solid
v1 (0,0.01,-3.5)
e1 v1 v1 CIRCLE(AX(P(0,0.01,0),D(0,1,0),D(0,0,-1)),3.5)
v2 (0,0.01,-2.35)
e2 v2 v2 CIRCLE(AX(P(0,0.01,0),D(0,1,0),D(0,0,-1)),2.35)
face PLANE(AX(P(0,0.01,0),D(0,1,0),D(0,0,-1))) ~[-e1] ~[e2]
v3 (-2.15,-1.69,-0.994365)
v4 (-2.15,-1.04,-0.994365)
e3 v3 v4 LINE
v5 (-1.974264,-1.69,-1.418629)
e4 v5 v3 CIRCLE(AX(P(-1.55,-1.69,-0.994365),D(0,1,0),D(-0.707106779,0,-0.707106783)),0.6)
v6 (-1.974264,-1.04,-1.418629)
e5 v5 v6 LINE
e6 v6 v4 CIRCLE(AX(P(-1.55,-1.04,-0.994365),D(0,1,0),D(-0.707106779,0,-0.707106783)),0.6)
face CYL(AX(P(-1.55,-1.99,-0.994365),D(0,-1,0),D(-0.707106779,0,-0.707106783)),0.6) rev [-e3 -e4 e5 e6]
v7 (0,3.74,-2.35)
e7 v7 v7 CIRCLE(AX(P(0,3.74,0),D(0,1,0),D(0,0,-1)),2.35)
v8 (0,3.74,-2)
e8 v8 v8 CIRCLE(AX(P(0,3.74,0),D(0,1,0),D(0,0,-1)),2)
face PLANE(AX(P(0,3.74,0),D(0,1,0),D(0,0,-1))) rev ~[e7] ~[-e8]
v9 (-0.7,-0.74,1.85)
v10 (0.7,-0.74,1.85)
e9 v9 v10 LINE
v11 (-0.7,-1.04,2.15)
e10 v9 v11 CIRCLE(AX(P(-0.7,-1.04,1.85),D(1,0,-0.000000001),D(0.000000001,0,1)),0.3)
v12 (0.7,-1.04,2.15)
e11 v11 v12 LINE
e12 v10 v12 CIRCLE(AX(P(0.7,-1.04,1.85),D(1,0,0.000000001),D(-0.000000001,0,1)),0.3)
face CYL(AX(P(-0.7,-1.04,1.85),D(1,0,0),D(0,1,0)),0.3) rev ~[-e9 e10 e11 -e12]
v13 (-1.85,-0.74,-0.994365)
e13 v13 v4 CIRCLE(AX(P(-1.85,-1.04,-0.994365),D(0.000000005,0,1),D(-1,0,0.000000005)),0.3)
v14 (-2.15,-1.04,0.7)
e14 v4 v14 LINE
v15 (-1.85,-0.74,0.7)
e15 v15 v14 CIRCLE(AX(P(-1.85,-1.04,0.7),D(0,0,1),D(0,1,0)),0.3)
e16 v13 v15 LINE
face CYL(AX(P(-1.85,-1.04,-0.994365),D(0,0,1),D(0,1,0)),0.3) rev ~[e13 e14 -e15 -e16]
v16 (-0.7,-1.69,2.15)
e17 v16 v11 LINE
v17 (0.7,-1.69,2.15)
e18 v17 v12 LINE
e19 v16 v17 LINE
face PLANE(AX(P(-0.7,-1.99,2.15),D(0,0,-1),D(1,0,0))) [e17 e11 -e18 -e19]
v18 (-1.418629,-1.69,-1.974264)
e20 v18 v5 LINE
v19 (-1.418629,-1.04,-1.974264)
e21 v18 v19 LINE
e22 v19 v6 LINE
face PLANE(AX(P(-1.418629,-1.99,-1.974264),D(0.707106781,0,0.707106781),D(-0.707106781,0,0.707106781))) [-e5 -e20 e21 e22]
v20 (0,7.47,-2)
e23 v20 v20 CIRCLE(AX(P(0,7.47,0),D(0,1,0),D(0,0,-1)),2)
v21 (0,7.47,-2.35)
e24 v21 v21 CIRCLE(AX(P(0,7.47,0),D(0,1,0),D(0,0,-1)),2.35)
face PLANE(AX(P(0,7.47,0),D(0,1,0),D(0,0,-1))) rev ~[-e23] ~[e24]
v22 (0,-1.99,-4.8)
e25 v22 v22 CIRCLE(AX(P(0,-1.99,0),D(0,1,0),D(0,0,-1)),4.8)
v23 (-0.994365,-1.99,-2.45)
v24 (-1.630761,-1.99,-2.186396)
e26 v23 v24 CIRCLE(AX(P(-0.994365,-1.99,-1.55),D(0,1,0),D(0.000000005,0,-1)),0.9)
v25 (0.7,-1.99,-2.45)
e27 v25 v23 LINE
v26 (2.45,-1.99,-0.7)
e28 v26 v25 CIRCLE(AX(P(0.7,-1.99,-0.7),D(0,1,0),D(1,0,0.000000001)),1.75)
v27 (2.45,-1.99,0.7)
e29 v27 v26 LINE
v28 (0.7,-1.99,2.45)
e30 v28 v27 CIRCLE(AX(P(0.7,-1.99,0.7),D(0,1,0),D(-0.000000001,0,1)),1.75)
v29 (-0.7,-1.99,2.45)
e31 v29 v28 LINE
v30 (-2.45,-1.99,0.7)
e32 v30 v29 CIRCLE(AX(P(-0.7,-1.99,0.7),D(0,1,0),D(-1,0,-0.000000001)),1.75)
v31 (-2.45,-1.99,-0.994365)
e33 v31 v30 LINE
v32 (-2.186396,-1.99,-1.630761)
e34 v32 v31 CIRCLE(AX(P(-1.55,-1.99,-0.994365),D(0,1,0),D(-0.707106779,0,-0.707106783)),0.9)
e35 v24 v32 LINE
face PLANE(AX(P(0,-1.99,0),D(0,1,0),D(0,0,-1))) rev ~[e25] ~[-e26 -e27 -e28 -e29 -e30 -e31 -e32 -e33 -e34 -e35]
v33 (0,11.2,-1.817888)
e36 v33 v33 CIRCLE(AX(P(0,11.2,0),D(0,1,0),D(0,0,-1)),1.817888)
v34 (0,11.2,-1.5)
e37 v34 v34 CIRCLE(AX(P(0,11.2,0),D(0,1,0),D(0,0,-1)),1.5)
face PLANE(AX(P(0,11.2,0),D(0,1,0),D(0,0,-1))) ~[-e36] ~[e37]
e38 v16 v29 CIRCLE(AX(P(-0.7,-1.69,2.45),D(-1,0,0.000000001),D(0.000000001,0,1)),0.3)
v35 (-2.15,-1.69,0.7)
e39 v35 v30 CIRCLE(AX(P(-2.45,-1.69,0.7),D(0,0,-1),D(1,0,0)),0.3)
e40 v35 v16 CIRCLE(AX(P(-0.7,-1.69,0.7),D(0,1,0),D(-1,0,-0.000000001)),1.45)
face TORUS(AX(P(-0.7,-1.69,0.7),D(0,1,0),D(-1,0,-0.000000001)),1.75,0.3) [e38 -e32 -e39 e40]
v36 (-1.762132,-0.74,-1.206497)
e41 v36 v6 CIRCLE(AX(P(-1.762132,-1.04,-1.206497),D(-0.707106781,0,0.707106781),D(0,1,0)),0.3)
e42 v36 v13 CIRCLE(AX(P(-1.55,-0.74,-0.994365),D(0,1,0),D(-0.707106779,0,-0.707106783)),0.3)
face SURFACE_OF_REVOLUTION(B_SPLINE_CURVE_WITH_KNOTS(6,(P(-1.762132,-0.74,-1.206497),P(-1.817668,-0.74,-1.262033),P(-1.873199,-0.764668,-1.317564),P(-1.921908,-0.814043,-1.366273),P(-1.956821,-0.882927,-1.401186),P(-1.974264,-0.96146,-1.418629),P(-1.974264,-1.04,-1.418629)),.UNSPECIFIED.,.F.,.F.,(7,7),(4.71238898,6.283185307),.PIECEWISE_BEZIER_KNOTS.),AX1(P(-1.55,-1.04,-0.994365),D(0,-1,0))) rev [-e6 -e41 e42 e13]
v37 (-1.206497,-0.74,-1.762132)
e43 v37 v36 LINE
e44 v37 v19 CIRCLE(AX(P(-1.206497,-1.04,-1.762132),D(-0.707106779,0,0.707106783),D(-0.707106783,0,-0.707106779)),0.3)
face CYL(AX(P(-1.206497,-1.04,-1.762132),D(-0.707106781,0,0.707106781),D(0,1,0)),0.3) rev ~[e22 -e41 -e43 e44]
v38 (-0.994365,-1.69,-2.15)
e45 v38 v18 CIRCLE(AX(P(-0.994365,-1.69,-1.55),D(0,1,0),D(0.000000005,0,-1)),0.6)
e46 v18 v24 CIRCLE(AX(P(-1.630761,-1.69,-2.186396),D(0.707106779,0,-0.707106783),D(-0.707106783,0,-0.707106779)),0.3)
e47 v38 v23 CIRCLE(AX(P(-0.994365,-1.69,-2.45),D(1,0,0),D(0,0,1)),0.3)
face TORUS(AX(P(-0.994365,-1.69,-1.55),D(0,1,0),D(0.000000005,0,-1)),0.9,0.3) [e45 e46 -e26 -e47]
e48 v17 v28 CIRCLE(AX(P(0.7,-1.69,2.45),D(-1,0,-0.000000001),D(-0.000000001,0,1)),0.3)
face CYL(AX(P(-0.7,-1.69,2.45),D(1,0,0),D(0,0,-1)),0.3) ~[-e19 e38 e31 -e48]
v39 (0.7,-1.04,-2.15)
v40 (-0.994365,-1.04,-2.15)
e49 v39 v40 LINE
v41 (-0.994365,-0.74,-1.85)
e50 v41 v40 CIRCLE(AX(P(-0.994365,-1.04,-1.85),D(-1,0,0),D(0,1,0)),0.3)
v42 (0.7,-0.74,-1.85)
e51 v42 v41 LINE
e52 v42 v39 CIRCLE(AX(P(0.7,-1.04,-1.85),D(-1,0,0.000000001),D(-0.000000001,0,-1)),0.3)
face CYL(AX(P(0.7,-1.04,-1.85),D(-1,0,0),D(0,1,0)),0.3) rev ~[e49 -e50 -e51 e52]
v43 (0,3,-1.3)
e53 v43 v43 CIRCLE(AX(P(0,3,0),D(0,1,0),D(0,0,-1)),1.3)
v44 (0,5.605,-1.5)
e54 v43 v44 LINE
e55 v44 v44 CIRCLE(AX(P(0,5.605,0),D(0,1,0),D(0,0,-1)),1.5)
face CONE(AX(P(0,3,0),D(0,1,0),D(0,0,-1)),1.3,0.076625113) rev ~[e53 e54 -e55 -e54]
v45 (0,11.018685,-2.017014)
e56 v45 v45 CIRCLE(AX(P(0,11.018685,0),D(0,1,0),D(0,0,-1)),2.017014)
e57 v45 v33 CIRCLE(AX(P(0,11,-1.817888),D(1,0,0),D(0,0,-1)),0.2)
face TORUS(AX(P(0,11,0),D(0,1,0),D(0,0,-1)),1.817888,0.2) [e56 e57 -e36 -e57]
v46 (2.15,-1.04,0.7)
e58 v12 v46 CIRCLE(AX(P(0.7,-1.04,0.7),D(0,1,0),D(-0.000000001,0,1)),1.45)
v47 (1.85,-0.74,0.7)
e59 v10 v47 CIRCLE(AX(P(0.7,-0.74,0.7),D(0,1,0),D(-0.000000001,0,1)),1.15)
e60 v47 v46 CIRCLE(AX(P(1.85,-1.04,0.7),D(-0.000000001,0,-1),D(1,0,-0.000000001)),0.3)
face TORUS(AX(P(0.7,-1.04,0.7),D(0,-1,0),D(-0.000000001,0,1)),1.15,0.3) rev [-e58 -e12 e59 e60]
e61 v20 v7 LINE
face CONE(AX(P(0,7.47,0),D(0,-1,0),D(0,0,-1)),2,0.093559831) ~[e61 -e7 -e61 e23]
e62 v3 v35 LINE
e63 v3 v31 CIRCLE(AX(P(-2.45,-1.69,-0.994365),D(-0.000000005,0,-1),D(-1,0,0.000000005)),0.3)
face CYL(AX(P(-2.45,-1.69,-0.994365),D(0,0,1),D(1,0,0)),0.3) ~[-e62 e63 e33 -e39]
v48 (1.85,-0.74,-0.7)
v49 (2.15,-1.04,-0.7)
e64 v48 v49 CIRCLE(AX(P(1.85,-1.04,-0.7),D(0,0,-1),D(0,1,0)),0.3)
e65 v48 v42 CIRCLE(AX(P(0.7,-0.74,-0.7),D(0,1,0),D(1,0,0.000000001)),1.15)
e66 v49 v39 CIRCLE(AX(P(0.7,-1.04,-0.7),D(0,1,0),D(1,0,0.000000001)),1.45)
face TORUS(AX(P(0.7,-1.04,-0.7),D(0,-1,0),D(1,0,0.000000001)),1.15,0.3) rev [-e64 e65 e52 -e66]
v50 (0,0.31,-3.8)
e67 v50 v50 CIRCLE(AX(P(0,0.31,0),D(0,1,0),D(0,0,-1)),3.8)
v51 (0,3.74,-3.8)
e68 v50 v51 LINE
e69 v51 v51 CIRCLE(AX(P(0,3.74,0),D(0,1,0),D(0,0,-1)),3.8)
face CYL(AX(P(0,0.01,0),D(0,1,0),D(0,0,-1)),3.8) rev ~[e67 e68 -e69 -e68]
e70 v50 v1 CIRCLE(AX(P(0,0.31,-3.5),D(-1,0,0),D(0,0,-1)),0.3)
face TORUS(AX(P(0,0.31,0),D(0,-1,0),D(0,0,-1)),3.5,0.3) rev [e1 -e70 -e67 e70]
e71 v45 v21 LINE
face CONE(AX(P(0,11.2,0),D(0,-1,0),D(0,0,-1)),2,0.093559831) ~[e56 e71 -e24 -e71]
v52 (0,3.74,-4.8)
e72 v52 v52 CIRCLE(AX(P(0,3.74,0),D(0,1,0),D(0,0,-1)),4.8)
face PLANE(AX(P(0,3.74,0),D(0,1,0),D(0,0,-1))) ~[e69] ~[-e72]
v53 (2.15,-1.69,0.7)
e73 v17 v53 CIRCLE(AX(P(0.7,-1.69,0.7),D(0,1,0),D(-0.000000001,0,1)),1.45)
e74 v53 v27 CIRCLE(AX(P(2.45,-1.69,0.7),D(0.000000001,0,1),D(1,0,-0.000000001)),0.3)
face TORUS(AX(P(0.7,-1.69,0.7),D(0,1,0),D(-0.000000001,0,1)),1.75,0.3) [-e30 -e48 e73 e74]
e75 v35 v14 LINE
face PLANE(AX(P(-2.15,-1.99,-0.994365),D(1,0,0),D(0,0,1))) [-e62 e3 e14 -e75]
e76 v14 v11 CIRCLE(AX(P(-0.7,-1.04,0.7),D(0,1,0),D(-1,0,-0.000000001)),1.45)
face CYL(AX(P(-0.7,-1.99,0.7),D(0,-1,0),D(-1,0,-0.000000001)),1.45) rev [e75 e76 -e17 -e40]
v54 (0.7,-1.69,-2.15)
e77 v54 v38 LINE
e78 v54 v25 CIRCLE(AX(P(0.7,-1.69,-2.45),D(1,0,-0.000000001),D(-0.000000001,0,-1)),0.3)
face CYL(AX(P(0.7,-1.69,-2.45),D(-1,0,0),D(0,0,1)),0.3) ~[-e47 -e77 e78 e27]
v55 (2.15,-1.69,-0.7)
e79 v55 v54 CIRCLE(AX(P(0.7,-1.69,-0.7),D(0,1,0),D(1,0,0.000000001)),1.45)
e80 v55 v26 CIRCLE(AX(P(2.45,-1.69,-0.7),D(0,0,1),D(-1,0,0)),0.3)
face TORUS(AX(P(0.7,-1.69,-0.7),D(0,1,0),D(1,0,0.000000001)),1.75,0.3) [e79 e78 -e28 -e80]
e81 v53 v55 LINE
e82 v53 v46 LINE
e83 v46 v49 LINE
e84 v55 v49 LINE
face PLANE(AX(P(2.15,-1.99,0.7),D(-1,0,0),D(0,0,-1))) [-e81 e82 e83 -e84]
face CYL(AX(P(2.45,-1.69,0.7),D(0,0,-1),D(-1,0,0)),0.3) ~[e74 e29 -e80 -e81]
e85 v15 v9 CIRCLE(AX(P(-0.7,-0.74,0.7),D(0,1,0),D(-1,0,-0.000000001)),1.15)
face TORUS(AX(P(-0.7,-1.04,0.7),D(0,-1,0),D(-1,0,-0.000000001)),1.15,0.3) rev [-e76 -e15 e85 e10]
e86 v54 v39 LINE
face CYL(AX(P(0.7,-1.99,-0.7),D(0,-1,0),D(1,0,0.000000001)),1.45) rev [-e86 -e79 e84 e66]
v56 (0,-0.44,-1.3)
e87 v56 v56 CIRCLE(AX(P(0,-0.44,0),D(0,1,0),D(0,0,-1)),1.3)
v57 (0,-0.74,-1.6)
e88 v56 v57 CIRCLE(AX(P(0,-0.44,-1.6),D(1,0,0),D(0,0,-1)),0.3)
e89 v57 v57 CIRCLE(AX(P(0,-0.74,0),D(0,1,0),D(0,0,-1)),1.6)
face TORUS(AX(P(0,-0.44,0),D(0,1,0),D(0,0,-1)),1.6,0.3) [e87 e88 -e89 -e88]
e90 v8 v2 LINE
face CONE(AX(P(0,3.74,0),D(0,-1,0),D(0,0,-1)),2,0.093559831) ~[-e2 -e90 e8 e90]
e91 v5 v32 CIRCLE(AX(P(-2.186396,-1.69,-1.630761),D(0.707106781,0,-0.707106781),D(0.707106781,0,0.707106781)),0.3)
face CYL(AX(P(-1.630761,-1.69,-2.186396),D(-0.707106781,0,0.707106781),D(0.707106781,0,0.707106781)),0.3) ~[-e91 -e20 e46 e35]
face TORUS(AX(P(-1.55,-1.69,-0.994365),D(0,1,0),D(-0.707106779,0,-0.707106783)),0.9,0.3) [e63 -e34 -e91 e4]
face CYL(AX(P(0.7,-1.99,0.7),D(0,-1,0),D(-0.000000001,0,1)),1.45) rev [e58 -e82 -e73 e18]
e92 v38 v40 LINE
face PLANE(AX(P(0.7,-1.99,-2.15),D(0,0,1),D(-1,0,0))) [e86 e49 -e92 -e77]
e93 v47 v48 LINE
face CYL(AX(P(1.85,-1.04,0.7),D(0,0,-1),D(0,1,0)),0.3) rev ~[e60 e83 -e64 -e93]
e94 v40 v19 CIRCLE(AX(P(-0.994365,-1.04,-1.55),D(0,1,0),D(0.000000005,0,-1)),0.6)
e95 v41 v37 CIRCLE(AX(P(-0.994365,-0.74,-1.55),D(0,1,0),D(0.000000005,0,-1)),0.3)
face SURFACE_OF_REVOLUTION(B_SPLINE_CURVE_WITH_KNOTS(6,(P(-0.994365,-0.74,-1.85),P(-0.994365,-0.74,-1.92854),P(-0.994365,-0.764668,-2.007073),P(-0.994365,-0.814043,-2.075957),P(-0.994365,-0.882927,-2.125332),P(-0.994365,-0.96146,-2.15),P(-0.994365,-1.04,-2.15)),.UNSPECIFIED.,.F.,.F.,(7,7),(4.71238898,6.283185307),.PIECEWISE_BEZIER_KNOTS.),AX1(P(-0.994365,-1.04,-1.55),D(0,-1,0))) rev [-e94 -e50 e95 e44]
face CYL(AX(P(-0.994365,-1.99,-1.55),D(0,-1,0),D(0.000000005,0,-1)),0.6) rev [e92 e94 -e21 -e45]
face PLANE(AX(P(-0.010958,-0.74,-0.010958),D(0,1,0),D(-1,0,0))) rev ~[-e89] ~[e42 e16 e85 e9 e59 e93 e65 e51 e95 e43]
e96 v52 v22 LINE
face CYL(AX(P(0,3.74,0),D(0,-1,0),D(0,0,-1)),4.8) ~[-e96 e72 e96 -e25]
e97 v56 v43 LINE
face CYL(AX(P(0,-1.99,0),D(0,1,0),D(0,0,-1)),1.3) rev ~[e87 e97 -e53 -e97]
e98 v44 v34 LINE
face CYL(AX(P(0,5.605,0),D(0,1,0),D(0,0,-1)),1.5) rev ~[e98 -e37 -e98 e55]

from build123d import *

# Parameters (mm, degrees)
REDONDEO1_R           = 0.2
CORTAR_EXTRUIR1_DEPTH = 1.25
REDONDEO2_R           = 0.3
REDONDEO3_R           = 0.3


with BuildPart() as part:
    # Croquis1 → Revolución1 (revolve)
    with BuildSketch(Plane.XY, mode=Mode.PRIVATE) as revoluci_n1_sk:
        Polygon((2, 11.2), (2.35, 7.47), (2, 7.47), (2.35, 3.74), (2, 3.74), (2.35, 0.01), (3.8, 0.01), (3.8, 3.74), (4.8, 3.74), (4.8, -1.99), (1.3, -1.99), (1.3, 3), (1.5, 5.605), (1.5, 11.2), align=None)
    revolve(revoluci_n1_sk.sketch.rotate(Axis((0, 0, 0), (0, 1, 0)), 90), axis=Axis((0, 0, 0), (0, 1, 0)))

    # Redondeo1
    redondeo1_edges = [part.edges().sort_by_distance(p)[0] for p in [
        (0, 11.2, 2),
    ]]
    fillet(redondeo1_edges, radius=REDONDEO1_R)

    # Croquis2 → Cortar-Extruir1 (cut)
    with BuildSketch(Plane.XZ.offset(1.99)):
        with BuildLine():
            Line((2.15, 0.7), (2.15, -0.7))
            ThreePointArc((2.15, -0.7), (1.725304833, -1.725304833), (0.7, -2.15))
            Line((0.7, -2.15), (-0.994365081, -2.15))
            ThreePointArc((-0.994365081, -2.15), (-1.223975141, -2.10432772), (-1.41862915, -1.974264069))
            Line((-1.41862915, -1.974264069), (-1.974264069, -1.41862915))
            ThreePointArc((-1.974264069, -1.41862915), (-2.10432772, -1.223975141), (-2.15, -0.994365081))
            Line((-2.15, -0.994365081), (-2.15, 0.7))
            ThreePointArc((-2.15, 0.7), (-1.725304833, 1.725304833), (-0.7, 2.15))
            Line((-0.7, 2.15), (0.7, 2.15))
            ThreePointArc((0.7, 2.15), (1.725304833, 1.725304833), (2.15, 0.7))
        make_face()
    extrude(amount=-CORTAR_EXTRUIR1_DEPTH, mode=Mode.SUBTRACT)

    # Redondeo2
    redondeo2_edges = [part.edges().sort_by_distance(p)[0] for p in [
        (1.725304833, -0.74, 1.725304833),
        (2.15, -0.74, 0),
        (1.725304833, -0.74, -1.725304833),
        (-0.147182541, -0.74, -2.15),
        (-1.223975141, -0.74, -2.10432772),
        (-1.696446609, -0.74, -1.696446609),
        (-2.10432772, -0.74, -1.223975141),
        (-2.15, -0.74, -0.147182541),
        (-1.725304833, -0.74, 1.725304833),
        (0, -0.74, 2.15),
        (0, -0.74, 1.3),
        (1.725304833, -1.99, 1.725304833),
        (0, -1.99, 2.15),
        (-1.725304833, -1.99, 1.725304833),
        (-2.15, -1.99, -0.147182541),
        (-2.10432772, -1.99, -1.223975141),
        (-1.696446609, -1.99, -1.696446609),
        (-1.223975141, -1.99, -2.10432772),
        (-0.147182541, -1.99, -2.15),
        (1.725304833, -1.99, -1.725304833),
        (2.15, -1.99, 0),
    ]]
    fillet(redondeo2_edges, radius=REDONDEO2_R)

    # Redondeo3
    redondeo3_edges = [part.edges().sort_by_distance(p)[0] for p in [
        (0, 0.01, 3.8),
    ]]
    fillet(redondeo3_edges, radius=REDONDEO3_R)


solid = part.part
